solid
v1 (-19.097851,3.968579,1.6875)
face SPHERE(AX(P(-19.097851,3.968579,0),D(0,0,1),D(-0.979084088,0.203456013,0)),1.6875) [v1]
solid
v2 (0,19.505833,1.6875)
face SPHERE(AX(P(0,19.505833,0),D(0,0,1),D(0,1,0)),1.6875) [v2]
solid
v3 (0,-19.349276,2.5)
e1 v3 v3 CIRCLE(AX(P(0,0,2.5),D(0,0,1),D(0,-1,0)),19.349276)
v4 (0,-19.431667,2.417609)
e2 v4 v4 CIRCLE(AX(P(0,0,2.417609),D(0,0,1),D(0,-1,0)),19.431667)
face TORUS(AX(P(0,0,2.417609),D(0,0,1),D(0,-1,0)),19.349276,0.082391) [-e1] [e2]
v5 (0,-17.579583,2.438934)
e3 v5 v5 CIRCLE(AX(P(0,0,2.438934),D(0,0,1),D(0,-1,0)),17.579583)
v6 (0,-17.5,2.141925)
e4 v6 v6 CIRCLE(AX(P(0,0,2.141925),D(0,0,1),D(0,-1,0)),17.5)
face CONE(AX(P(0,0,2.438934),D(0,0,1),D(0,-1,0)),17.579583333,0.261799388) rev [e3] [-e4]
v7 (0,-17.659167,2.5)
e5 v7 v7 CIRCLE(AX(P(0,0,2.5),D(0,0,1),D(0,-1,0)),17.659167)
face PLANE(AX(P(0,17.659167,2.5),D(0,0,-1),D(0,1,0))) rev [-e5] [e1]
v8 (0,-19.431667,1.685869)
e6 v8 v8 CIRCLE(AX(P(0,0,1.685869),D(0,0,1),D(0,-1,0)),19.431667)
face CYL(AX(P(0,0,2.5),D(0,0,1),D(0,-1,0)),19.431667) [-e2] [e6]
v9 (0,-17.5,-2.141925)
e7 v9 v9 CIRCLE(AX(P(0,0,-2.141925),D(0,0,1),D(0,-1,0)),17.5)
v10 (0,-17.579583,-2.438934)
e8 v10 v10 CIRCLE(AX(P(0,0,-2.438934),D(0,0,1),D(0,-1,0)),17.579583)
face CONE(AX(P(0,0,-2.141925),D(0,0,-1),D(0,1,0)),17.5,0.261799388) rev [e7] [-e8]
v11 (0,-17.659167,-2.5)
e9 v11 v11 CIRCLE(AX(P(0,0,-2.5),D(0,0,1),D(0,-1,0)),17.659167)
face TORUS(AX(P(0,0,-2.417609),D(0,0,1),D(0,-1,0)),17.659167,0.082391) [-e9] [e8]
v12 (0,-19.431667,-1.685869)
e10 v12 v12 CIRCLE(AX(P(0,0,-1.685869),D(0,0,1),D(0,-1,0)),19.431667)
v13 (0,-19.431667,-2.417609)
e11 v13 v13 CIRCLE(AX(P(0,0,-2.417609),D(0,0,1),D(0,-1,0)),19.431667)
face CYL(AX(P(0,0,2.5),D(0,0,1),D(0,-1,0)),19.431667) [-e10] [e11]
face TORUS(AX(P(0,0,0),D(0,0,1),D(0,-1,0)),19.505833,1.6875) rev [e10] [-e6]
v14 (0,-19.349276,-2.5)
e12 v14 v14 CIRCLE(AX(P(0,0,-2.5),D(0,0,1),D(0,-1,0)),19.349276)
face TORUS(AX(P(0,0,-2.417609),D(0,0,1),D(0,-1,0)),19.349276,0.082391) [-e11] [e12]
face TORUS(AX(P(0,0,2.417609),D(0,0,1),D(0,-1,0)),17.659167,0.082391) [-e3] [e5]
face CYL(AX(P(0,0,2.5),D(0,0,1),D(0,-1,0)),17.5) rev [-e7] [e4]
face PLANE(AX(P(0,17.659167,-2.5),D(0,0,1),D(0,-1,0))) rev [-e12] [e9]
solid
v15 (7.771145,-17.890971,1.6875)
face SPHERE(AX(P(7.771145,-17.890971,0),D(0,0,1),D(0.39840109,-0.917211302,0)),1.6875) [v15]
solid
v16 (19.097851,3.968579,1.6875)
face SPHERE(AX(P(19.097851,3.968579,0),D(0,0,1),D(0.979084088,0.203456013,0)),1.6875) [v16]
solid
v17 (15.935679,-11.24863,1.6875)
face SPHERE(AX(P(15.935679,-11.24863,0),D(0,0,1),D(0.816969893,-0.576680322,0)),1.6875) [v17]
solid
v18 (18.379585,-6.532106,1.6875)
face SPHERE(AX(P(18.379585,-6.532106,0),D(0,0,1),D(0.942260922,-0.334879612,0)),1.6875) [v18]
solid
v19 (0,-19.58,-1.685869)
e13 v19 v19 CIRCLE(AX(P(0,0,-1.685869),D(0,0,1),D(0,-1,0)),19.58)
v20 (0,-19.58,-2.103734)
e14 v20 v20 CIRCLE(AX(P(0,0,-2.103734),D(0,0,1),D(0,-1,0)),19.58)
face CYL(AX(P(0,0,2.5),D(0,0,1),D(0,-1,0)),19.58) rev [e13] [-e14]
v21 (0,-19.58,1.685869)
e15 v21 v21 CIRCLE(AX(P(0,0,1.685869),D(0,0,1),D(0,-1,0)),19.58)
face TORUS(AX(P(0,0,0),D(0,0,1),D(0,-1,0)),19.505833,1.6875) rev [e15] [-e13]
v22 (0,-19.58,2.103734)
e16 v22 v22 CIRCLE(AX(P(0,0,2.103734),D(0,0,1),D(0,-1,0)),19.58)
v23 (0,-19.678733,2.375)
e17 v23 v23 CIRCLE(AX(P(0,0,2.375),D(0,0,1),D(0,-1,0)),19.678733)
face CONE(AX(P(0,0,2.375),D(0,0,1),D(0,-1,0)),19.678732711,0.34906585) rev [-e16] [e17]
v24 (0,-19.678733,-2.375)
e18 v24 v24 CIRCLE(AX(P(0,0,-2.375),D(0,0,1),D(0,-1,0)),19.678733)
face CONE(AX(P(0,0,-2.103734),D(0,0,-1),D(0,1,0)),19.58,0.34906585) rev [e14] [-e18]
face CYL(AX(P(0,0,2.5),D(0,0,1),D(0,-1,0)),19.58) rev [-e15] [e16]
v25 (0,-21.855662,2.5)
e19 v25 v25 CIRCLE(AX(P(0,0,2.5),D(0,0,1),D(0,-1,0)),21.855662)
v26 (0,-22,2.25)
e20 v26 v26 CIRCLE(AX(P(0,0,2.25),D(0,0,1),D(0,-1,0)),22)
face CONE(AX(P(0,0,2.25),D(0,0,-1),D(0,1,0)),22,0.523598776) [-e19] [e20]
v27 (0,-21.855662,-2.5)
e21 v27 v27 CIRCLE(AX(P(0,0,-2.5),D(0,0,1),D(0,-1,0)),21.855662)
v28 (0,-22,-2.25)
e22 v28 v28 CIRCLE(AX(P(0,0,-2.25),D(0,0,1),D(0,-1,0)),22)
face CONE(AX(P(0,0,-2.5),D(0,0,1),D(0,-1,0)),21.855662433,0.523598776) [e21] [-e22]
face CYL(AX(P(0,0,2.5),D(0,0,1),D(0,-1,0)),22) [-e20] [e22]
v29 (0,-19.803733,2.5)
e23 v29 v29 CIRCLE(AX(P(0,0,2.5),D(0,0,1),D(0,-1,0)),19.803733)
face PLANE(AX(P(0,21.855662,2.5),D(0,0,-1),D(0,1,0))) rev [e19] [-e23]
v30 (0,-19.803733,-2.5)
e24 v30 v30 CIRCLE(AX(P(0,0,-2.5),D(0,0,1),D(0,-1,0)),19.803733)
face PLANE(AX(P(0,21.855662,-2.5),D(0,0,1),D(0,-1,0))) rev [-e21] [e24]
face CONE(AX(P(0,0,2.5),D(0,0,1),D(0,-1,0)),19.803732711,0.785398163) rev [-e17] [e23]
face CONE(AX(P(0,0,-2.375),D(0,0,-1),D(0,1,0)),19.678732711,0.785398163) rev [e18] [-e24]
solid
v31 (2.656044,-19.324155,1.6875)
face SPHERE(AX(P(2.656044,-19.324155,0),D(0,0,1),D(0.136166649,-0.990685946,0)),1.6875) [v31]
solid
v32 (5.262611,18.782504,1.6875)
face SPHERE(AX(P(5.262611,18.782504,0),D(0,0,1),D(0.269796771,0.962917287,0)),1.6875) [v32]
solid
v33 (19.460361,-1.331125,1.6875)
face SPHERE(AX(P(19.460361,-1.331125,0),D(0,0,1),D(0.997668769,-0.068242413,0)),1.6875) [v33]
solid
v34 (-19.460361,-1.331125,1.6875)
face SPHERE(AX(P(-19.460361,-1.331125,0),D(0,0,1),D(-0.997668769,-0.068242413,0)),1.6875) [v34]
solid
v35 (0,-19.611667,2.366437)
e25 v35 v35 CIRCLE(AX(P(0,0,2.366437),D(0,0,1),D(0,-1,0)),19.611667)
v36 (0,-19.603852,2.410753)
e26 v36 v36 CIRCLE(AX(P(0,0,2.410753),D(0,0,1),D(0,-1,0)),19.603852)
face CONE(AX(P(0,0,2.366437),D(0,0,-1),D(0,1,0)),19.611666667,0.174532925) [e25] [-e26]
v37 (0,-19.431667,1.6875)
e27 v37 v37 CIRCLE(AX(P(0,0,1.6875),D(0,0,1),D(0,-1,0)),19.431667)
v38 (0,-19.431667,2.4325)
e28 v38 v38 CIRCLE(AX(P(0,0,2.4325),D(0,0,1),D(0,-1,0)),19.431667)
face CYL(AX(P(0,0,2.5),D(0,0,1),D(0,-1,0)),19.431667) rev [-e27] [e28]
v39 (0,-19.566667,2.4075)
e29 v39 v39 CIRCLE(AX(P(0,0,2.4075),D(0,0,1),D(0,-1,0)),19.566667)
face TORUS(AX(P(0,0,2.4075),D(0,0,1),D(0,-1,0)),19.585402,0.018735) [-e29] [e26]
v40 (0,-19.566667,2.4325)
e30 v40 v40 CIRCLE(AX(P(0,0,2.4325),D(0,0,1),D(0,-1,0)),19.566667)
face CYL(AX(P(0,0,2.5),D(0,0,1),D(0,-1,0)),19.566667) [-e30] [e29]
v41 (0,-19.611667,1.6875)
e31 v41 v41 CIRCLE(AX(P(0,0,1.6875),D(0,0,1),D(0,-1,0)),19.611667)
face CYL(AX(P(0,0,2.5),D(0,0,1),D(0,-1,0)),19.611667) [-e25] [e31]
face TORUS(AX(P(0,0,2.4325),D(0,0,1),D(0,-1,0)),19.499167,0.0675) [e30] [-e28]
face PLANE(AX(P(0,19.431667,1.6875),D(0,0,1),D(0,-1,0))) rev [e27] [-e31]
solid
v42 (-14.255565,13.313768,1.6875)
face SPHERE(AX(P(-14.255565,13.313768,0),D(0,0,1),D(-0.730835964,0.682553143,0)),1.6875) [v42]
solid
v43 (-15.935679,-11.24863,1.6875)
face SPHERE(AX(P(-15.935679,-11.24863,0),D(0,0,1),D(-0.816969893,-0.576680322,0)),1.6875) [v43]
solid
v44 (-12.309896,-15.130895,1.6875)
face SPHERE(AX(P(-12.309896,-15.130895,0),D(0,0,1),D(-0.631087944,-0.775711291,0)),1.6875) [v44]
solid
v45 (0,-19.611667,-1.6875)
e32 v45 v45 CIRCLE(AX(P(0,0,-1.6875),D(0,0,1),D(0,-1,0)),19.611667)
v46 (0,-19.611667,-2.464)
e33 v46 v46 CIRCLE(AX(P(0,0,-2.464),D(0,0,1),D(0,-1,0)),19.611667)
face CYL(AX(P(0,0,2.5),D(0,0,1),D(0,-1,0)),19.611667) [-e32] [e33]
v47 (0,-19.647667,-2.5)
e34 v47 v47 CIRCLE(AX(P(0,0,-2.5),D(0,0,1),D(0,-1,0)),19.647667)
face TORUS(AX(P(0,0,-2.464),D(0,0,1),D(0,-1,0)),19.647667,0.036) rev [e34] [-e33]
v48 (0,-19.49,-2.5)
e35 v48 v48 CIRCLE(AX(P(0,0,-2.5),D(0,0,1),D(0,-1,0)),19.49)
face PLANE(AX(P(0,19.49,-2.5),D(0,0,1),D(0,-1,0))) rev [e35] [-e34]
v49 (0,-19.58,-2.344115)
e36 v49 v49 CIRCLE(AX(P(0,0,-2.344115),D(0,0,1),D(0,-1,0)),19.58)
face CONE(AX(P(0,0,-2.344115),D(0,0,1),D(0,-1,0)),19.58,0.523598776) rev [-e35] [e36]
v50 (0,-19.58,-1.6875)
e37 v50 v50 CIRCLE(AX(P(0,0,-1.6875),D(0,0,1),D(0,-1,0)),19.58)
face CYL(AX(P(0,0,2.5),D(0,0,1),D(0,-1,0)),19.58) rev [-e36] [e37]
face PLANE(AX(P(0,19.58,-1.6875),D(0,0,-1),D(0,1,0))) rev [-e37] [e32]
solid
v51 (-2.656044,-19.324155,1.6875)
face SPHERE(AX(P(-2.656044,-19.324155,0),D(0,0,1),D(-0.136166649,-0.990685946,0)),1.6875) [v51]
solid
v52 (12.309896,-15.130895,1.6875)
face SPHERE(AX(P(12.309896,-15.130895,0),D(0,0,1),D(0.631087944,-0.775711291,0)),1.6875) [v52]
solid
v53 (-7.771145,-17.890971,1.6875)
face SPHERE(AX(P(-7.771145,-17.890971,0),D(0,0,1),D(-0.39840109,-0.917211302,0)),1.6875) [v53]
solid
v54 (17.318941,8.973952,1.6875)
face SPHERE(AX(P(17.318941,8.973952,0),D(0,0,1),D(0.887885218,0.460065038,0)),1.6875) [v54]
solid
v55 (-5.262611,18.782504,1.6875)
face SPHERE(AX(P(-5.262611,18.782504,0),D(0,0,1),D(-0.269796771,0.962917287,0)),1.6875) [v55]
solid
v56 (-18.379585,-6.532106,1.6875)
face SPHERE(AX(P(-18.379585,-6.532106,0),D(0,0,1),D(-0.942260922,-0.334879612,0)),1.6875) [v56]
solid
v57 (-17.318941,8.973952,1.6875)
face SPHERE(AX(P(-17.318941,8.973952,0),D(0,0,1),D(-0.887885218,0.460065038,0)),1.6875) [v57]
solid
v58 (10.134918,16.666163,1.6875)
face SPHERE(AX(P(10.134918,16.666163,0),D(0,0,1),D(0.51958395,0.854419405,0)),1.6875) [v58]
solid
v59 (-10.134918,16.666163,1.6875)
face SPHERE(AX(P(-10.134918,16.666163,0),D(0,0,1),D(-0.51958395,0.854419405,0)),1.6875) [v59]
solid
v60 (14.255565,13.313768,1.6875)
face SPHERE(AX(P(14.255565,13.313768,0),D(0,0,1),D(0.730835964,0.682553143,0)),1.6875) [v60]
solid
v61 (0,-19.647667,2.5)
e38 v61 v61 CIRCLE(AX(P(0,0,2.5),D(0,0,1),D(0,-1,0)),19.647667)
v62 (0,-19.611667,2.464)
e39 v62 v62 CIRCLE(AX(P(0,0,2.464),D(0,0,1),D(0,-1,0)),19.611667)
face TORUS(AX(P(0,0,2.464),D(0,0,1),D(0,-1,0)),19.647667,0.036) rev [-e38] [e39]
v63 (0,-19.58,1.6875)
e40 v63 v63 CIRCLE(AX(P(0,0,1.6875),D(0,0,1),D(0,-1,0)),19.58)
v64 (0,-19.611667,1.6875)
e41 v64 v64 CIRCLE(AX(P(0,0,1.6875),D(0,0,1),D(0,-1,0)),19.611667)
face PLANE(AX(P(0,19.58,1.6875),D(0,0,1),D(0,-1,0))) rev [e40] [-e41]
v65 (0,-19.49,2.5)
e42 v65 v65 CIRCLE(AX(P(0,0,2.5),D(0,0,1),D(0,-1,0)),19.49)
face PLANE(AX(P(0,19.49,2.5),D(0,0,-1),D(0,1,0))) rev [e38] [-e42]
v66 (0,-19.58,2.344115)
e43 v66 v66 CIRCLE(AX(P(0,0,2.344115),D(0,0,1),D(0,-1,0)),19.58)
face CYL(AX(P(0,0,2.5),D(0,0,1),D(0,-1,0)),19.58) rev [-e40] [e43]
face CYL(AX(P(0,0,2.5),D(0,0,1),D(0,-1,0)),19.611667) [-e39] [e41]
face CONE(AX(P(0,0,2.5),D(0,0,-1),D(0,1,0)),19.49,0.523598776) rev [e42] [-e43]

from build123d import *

# Parameters (mm, degrees)
CIRPATTERN1_COUNT = 23


with BuildPart() as part:
    # Sketch3 → Revolve1 (revolve)
    with BuildSketch(Plane(origin=(0, 0, 0), x_dir=(0, 0, -1), z_dir=(1, 0, 0)), mode=Mode.PRIVATE) as revolve1_sk:
        with BuildLine():
            Line((-2.103734106, 19.58), (-2.375, 19.678732711))
            Line((-2.375, 19.678732711), (-2.5, 19.803732711))
            Line((-2.5, 19.803732711), (-2.5, 21.855662433))
            Line((-2.5, 21.855662433), (-2.25, 22))
            Line((-2.25, 22), (2.25, 22))
            Line((2.25, 22), (2.5, 21.855662433))
            Line((2.5, 21.855662433), (2.5, 19.803732711))
            Line((2.5, 19.803732711), (2.375, 19.678732711))
            Line((2.375, 19.678732711), (2.103734106, 19.58))
            Line((2.103734106, 19.58), (1.685869377, 19.58))
            ThreePointArc((1.685869377, 19.58), (0, 21.193333333), (-1.685869377, 19.58))
            Line((-1.685869377, 19.58), (-2.103734106, 19.58))
        make_face()
    revolve(revolve1_sk.sketch.rotate(Axis((0, 0, 2.5), (0, 0, -1)), 180), axis=Axis((0, 0, 2.5), (0, 0, -1)))


with BuildPart() as body_2:
    # Sketch4 → Revolve2 (revolve)
    with BuildSketch(Plane(origin=(0, 0, 0), x_dir=(0, 0, -1), z_dir=(1, 0, 0)), mode=Mode.PRIVATE) as revolve2_sk:
        with BuildLine():
            Line((-2.141924517, 17.5), (-2.438933561, 17.579583333))
            ThreePointArc((-2.438933561, 17.579583333), (-2.482974231, 17.609010369), (-2.5, 17.659166667))
            Line((-2.5, 17.659166667), (-2.5, 19.349275937))
            ThreePointArc((-2.5, 19.349275937), (-2.475868314, 19.407534981), (-2.417609271, 19.431666667))
            Line((-2.417609271, 19.431666667), (-1.685869377, 19.431666667))
            ThreePointArc((-1.685869377, 19.431666667), (0, 17.818333333), (1.685869377, 19.431666667))
            Line((1.685869377, 19.431666667), (2.417609271, 19.431666667))
            ThreePointArc((2.417609271, 19.431666667), (2.475868314, 19.407534981), (2.5, 19.349275937))
            Line((2.5, 19.349275937), (2.5, 17.659166667))
            ThreePointArc((2.5, 17.659166667), (2.482974231, 17.609010369), (2.438933561, 17.579583333))
            Line((2.438933561, 17.579583333), (2.141924517, 17.5))
            Line((2.141924517, 17.5), (-2.141924517, 17.5))
        make_face()
    revolve(revolve2_sk.sketch.rotate(Axis((0, 0, 2.5), (0, 0, -1)), 180), axis=Axis((0, 0, 2.5), (0, 0, -1)))


with BuildPart() as body_3:
    # Sketch5 → Revolve3 (revolve)
    with BuildSketch(Plane(origin=(0, 0, 0), x_dir=(0, 0, -1), z_dir=(1, 0, 0))):
        with BuildLine():
            Line((-1.6875, 19.505833333), (1.6875, 19.505833333))
            ThreePointArc((1.6875, 19.505833333), (0, 21.193333333), (-1.6875, 19.505833333))
        make_face()
    revolve(axis=Axis((0, 19.505833333, 1.6875), (0, 0, -1)))


with BuildPart() as cirpattern1_1:
    # CirPattern1: pattern copy
    add(body_3.part.rotate(Axis((0, 0, 0), (0, 0, 1)), 1 * 360 / CIRPATTERN1_COUNT))


with BuildPart() as cirpattern1_2:
    # CirPattern1: pattern copy
    add(body_3.part.rotate(Axis((0, 0, 0), (0, 0, 1)), 2 * 360 / CIRPATTERN1_COUNT))


with BuildPart() as cirpattern1_3:
    # CirPattern1: pattern copy
    add(body_3.part.rotate(Axis((0, 0, 0), (0, 0, 1)), 3 * 360 / CIRPATTERN1_COUNT))


with BuildPart() as cirpattern1_4:
    # CirPattern1: pattern copy
    add(body_3.part.rotate(Axis((0, 0, 0), (0, 0, 1)), 4 * 360 / CIRPATTERN1_COUNT))


with BuildPart() as cirpattern1_5:
    # CirPattern1: pattern copy
    add(body_3.part.rotate(Axis((0, 0, 0), (0, 0, 1)), 5 * 360 / CIRPATTERN1_COUNT))


with BuildPart() as cirpattern1_6:
    # CirPattern1: pattern copy
    add(body_3.part.rotate(Axis((0, 0, 0), (0, 0, 1)), 6 * 360 / CIRPATTERN1_COUNT))


with BuildPart() as cirpattern1_7:
    # CirPattern1: pattern copy
    add(body_3.part.rotate(Axis((0, 0, 0), (0, 0, 1)), 7 * 360 / CIRPATTERN1_COUNT))


with BuildPart() as cirpattern1_8:
    # CirPattern1: pattern copy
    add(body_3.part.rotate(Axis((0, 0, 0), (0, 0, 1)), 8 * 360 / CIRPATTERN1_COUNT))


with BuildPart() as cirpattern1_9:
    # CirPattern1: pattern copy
    add(body_3.part.rotate(Axis((0, 0, 0), (0, 0, 1)), 9 * 360 / CIRPATTERN1_COUNT))


with BuildPart() as cirpattern1_10:
    # CirPattern1: pattern copy
    add(body_3.part.rotate(Axis((0, 0, 0), (0, 0, 1)), 10 * 360 / CIRPATTERN1_COUNT))


with BuildPart() as cirpattern1_11:
    # CirPattern1: pattern copy
    add(body_3.part.rotate(Axis((0, 0, 0), (0, 0, 1)), 11 * 360 / CIRPATTERN1_COUNT))


with BuildPart() as cirpattern1_12:
    # CirPattern1: pattern copy
    add(body_3.part.rotate(Axis((0, 0, 0), (0, 0, 1)), 12 * 360 / CIRPATTERN1_COUNT))


with BuildPart() as cirpattern1_13:
    # CirPattern1: pattern copy
    add(body_3.part.rotate(Axis((0, 0, 0), (0, 0, 1)), 13 * 360 / CIRPATTERN1_COUNT))


with BuildPart() as cirpattern1_14:
    # CirPattern1: pattern copy
    add(body_3.part.rotate(Axis((0, 0, 0), (0, 0, 1)), 14 * 360 / CIRPATTERN1_COUNT))


with BuildPart() as cirpattern1_15:
    # CirPattern1: pattern copy
    add(body_3.part.rotate(Axis((0, 0, 0), (0, 0, 1)), 15 * 360 / CIRPATTERN1_COUNT))


with BuildPart() as cirpattern1_16:
    # CirPattern1: pattern copy
    add(body_3.part.rotate(Axis((0, 0, 0), (0, 0, 1)), 16 * 360 / CIRPATTERN1_COUNT))


with BuildPart() as cirpattern1_17:
    # CirPattern1: pattern copy
    add(body_3.part.rotate(Axis((0, 0, 0), (0, 0, 1)), 17 * 360 / CIRPATTERN1_COUNT))


with BuildPart() as cirpattern1_18:
    # CirPattern1: pattern copy
    add(body_3.part.rotate(Axis((0, 0, 0), (0, 0, 1)), 18 * 360 / CIRPATTERN1_COUNT))


with BuildPart() as cirpattern1_19:
    # CirPattern1: pattern copy
    add(body_3.part.rotate(Axis((0, 0, 0), (0, 0, 1)), 19 * 360 / CIRPATTERN1_COUNT))


with BuildPart() as cirpattern1_20:
    # CirPattern1: pattern copy
    add(body_3.part.rotate(Axis((0, 0, 0), (0, 0, 1)), 20 * 360 / CIRPATTERN1_COUNT))


with BuildPart() as cirpattern1_21:
    # CirPattern1: pattern copy
    add(body_3.part.rotate(Axis((0, 0, 0), (0, 0, 1)), 21 * 360 / CIRPATTERN1_COUNT))


with BuildPart() as cirpattern1_22:
    # CirPattern1: pattern copy
    add(body_3.part.rotate(Axis((0, 0, 0), (0, 0, 1)), 22 * 360 / CIRPATTERN1_COUNT))


with BuildPart() as body_26:
    # Sketch6 → Revolve4 (revolve)
    with BuildSketch(Plane(origin=(0, 0, 0), x_dir=(0, 0, -1), z_dir=(1, 0, 0)), mode=Mode.PRIVATE) as revolve4_sk:
        with BuildLine():
            Line((-2.344115427, 19.58), (-1.6875, 19.58))
            Line((-1.6875, 19.58), (-1.6875, 19.611666667))
            Line((-1.6875, 19.611666667), (-2.464, 19.611666667))
            ThreePointArc((-2.464, 19.611666667), (-2.489455844, 19.622210823), (-2.5, 19.647666667))
            Line((-2.5, 19.647666667), (-2.5, 19.49))
            Line((-2.5, 19.49), (-2.344115427, 19.58))
        make_face()
        with BuildLine():
            Line((2.464, 19.611666667), (1.6875, 19.611666667))
            Line((1.6875, 19.611666667), (1.6875, 19.58))
            Line((1.6875, 19.58), (2.344115427, 19.58))
            Line((2.344115427, 19.58), (2.5, 19.49))
            Line((2.5, 19.49), (2.5, 19.647666667))
            ThreePointArc((2.5, 19.647666667), (2.489455844, 19.622210823), (2.464, 19.611666667))
        make_face()
    revolve(revolve4_sk.sketch.rotate(Axis((0, 0, 2.5), (0, 0, -1)), 180), axis=Axis((0, 0, 2.5), (0, 0, -1)))


with BuildPart() as body_27:
    # Sketch7 → Revolve5 (revolve)
    with BuildSketch(Plane(origin=(0, 0, 0), x_dir=(0, 0, -1), z_dir=(1, 0, 0)), mode=Mode.PRIVATE) as revolve5_sk:
        with BuildLine():
            Line((-1.6875, 19.611666667), (-2.36643699, 19.611666667))
            Line((-2.36643699, 19.611666667), (-2.410753339, 19.603852499))
            ThreePointArc((-2.410753339, 19.603852499), (-2.426163938, 19.583769015), (-2.4075, 19.566666667))
            Line((-2.4075, 19.566666667), (-2.4325, 19.566666667))
            ThreePointArc((-2.4325, 19.566666667), (-2.5, 19.499166667), (-2.4325, 19.431666667))
            Line((-2.4325, 19.431666667), (-1.6875, 19.431666667))
            Line((-1.6875, 19.431666667), (-1.6875, 19.611666667))
        make_face()
    revolve(revolve5_sk.sketch.rotate(Axis((0, 0, 2.5), (0, 0, -1)), 180), axis=Axis((0, 0, 2.5), (0, 0, -1)))


solid = Compound([part.part, body_2.part, body_3.part, cirpattern1_1.part, cirpattern1_2.part, cirpattern1_3.part, cirpattern1_4.part, cirpattern1_5.part, cirpattern1_6.part, cirpattern1_7.part, cirpattern1_8.part, cirpattern1_9.part, cirpattern1_10.part, cirpattern1_11.part, cirpattern1_12.part, cirpattern1_13.part, cirpattern1_14.part, cirpattern1_15.part, cirpattern1_16.part, cirpattern1_17.part, cirpattern1_18.part, cirpattern1_19.part, cirpattern1_20.part, cirpattern1_21.part, cirpattern1_22.part, body_26.part, body_27.part])
